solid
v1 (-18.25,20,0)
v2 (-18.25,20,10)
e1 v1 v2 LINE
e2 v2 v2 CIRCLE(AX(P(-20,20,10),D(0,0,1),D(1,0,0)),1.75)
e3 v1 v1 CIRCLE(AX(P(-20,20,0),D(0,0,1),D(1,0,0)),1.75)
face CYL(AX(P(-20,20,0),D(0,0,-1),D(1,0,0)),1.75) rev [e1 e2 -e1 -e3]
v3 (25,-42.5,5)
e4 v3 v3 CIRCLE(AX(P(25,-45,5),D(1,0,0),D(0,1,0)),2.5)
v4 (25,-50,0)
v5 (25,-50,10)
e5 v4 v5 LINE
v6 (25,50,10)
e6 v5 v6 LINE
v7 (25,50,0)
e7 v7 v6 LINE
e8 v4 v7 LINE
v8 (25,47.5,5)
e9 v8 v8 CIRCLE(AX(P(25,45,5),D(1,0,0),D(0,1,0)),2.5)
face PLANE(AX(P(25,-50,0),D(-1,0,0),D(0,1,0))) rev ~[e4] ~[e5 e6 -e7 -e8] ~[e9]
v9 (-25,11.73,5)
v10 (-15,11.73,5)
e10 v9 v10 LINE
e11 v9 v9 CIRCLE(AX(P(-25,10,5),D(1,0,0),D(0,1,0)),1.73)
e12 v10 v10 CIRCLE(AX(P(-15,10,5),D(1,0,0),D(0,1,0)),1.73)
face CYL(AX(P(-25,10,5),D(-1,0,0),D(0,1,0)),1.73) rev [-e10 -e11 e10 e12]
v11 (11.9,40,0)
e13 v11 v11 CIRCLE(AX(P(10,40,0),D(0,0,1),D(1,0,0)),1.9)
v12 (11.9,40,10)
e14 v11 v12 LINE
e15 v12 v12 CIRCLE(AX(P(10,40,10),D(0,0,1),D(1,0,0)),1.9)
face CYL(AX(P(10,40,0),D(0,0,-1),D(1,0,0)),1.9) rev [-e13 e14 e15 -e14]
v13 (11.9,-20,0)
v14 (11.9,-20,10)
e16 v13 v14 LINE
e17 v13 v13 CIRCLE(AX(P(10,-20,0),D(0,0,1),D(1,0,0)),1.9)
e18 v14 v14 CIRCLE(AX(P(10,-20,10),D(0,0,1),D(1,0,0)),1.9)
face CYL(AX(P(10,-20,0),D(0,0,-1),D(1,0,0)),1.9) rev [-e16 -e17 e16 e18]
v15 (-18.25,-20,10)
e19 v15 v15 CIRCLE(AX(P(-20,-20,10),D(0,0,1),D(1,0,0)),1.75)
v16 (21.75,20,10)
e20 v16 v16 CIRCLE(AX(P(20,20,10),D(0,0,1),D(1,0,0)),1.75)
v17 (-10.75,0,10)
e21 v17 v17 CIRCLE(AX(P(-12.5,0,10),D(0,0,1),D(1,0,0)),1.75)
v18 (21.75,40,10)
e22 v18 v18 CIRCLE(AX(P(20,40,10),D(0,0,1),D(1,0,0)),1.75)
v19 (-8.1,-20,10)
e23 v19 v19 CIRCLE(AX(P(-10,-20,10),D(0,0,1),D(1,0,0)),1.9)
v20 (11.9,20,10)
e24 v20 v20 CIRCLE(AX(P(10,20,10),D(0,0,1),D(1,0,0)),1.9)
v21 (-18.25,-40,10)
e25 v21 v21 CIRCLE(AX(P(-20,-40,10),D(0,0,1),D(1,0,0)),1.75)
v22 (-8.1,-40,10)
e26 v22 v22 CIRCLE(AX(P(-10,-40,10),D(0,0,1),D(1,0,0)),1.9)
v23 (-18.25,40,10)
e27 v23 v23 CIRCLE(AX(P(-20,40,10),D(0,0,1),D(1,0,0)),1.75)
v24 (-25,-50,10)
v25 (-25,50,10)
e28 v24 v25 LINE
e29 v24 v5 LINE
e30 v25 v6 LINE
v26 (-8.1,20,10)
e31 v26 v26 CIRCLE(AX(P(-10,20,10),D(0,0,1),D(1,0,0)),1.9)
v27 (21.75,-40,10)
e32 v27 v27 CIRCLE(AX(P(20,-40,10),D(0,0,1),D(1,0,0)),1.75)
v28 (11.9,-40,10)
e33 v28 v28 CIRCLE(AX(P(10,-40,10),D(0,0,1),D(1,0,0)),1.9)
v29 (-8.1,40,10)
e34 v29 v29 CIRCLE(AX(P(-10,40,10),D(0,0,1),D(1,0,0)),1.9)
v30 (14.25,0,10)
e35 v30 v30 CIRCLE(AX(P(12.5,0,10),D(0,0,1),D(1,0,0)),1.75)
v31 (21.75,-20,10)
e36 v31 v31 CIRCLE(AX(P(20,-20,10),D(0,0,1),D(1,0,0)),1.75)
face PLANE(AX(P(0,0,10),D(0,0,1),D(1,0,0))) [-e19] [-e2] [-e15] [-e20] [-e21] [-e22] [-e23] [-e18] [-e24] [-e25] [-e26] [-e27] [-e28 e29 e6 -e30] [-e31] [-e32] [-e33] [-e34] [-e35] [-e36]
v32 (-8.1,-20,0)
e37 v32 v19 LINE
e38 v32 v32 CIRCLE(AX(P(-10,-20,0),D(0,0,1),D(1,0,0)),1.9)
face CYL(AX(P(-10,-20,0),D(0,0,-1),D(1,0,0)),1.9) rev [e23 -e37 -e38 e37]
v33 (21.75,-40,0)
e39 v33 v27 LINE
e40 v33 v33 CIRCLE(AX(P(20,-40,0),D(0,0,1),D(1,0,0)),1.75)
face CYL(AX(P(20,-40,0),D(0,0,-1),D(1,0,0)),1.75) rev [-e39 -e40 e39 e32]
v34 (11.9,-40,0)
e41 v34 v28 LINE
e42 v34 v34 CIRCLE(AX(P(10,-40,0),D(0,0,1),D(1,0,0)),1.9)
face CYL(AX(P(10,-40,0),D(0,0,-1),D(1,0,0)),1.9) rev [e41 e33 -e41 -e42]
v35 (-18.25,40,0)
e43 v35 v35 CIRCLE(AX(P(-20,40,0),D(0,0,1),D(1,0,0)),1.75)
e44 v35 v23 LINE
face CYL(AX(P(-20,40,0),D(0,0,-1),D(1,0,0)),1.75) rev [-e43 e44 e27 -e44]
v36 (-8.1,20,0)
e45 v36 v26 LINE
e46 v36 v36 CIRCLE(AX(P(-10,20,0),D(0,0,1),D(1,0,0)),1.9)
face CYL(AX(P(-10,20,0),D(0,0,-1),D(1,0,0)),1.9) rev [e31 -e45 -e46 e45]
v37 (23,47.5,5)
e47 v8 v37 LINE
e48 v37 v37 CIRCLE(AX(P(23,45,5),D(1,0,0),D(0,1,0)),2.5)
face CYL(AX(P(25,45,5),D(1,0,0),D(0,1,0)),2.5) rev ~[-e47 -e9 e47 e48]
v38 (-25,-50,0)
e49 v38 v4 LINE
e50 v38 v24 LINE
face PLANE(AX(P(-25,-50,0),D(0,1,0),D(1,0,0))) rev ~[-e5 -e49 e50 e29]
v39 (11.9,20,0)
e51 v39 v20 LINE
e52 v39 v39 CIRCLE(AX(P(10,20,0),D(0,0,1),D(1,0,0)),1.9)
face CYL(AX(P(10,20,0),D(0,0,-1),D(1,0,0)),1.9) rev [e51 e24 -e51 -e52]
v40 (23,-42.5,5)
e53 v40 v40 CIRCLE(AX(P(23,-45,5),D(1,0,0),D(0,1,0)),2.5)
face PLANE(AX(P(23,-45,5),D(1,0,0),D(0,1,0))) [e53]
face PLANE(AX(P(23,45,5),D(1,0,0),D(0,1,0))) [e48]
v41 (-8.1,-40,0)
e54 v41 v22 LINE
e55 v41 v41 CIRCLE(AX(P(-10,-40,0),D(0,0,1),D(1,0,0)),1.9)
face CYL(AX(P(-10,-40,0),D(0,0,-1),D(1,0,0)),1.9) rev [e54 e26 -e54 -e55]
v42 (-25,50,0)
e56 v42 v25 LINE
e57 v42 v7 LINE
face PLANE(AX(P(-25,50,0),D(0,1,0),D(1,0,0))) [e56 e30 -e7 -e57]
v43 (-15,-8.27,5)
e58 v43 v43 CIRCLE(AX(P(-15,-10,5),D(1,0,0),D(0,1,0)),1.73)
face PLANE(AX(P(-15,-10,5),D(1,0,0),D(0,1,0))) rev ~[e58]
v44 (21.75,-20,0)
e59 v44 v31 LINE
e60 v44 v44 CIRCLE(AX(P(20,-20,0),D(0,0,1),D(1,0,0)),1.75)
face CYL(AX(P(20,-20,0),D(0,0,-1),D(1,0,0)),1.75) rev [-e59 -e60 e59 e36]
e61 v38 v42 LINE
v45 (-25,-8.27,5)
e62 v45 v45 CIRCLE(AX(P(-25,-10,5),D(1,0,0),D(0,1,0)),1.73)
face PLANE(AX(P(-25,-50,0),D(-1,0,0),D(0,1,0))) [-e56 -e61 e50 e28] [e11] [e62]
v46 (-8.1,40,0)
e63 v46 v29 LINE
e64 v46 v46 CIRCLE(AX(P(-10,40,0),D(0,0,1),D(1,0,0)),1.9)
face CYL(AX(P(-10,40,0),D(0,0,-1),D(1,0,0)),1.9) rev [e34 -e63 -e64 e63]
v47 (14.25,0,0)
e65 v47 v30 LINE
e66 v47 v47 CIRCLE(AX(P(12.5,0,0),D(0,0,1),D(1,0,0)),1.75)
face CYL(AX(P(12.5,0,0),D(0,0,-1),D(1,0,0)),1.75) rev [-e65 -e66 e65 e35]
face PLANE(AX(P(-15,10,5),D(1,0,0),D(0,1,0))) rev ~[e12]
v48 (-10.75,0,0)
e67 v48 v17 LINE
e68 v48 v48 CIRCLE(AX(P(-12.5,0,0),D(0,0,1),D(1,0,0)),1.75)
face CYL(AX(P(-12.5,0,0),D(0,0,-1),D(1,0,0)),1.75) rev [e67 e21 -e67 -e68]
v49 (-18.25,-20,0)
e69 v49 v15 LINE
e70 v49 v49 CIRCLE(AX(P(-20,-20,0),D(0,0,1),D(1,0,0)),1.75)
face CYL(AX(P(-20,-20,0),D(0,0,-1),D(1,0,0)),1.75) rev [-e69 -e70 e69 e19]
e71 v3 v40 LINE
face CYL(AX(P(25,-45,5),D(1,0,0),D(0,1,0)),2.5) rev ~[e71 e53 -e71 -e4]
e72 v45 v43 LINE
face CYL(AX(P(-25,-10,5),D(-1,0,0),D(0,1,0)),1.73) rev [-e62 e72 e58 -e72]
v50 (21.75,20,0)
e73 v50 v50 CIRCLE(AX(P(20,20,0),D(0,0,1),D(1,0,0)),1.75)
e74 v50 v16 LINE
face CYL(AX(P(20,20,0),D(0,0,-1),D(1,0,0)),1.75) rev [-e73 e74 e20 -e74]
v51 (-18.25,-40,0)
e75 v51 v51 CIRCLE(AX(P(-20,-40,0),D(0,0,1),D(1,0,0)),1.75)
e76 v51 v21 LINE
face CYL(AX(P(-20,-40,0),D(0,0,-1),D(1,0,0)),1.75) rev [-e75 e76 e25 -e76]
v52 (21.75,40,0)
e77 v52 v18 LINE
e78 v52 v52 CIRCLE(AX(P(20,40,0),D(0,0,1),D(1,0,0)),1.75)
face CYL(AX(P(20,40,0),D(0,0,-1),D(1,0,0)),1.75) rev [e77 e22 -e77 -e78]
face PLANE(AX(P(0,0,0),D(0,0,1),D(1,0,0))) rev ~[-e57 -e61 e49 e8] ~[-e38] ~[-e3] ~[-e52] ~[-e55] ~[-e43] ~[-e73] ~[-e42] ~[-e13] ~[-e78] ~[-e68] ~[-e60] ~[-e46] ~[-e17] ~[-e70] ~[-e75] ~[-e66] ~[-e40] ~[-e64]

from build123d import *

# Parameters (mm, degrees)
SKETCH133_W     = 50
SKETCH133_H     = 100
SKETCH133_R     = 1.9
SKETCH133_R_2   = 1.75
PAD079_DEPTH    = 10
SKETCH143_R     = 2.5
POCKET049_DEPTH = 2
SKETCH149_R     = 1.73
POCKET051_DEPTH = 10


with BuildPart() as part:
    # Sketch133 → Pad079 (new body)
    with BuildSketch(Plane.XY):
        Rectangle(SKETCH133_W, SKETCH133_H)
        with Locations((-10, 40)):
            Circle(SKETCH133_R, mode=Mode.SUBTRACT)
        with Locations((10, 40)):
            Circle(SKETCH133_R, mode=Mode.SUBTRACT)
        with Locations((10, 20)):
            Circle(SKETCH133_R, mode=Mode.SUBTRACT)
        with Locations((-10, 20)):
            Circle(SKETCH133_R, mode=Mode.SUBTRACT)
        with Locations((-10, -20)):
            Circle(SKETCH133_R, mode=Mode.SUBTRACT)
        with Locations((10, -20)):
            Circle(SKETCH133_R, mode=Mode.SUBTRACT)
        with Locations((10, -40)):
            Circle(SKETCH133_R, mode=Mode.SUBTRACT)
        with Locations((-10, -40)):
            Circle(SKETCH133_R, mode=Mode.SUBTRACT)
        with Locations((12.5, 0)):
            Circle(SKETCH133_R_2, mode=Mode.SUBTRACT)
        with Locations((-12.5, 0)):
            Circle(SKETCH133_R_2, mode=Mode.SUBTRACT)
        with Locations((20, 40)):
            Circle(SKETCH133_R_2, mode=Mode.SUBTRACT)
        with Locations((20, 20)):
            Circle(SKETCH133_R_2, mode=Mode.SUBTRACT)
        with Locations((-20, 40)):
            Circle(SKETCH133_R_2, mode=Mode.SUBTRACT)
        with Locations((-20, 20)):
            Circle(SKETCH133_R_2, mode=Mode.SUBTRACT)
        with Locations((-20, -20)):
            Circle(SKETCH133_R_2, mode=Mode.SUBTRACT)
        with Locations((-20, -40)):
            Circle(SKETCH133_R_2, mode=Mode.SUBTRACT)
        with Locations((20, -20)):
            Circle(SKETCH133_R_2, mode=Mode.SUBTRACT)
        with Locations((20, -40)):
            Circle(SKETCH133_R_2, mode=Mode.SUBTRACT)
    extrude(amount=PAD079_DEPTH)

    # Sketch143 → Pocket049 (cut)
    with BuildSketch(Plane.YZ.offset(25)):
        with Locations((-45, 5)):
            Circle(SKETCH143_R)
        with Locations((45, 5)):
            Circle(SKETCH143_R)
    extrude(amount=-POCKET049_DEPTH, mode=Mode.SUBTRACT)

    # Sketch149 → Pocket051 (cut)
    with BuildSketch(Plane.YZ.offset(-25)):
        with Locations((-10, 5)):
            Circle(SKETCH149_R)
        with Locations((10, 5)):
            Circle(SKETCH149_R)
    extrude(amount=POCKET051_DEPTH, mode=Mode.SUBTRACT)


solid = part.part
